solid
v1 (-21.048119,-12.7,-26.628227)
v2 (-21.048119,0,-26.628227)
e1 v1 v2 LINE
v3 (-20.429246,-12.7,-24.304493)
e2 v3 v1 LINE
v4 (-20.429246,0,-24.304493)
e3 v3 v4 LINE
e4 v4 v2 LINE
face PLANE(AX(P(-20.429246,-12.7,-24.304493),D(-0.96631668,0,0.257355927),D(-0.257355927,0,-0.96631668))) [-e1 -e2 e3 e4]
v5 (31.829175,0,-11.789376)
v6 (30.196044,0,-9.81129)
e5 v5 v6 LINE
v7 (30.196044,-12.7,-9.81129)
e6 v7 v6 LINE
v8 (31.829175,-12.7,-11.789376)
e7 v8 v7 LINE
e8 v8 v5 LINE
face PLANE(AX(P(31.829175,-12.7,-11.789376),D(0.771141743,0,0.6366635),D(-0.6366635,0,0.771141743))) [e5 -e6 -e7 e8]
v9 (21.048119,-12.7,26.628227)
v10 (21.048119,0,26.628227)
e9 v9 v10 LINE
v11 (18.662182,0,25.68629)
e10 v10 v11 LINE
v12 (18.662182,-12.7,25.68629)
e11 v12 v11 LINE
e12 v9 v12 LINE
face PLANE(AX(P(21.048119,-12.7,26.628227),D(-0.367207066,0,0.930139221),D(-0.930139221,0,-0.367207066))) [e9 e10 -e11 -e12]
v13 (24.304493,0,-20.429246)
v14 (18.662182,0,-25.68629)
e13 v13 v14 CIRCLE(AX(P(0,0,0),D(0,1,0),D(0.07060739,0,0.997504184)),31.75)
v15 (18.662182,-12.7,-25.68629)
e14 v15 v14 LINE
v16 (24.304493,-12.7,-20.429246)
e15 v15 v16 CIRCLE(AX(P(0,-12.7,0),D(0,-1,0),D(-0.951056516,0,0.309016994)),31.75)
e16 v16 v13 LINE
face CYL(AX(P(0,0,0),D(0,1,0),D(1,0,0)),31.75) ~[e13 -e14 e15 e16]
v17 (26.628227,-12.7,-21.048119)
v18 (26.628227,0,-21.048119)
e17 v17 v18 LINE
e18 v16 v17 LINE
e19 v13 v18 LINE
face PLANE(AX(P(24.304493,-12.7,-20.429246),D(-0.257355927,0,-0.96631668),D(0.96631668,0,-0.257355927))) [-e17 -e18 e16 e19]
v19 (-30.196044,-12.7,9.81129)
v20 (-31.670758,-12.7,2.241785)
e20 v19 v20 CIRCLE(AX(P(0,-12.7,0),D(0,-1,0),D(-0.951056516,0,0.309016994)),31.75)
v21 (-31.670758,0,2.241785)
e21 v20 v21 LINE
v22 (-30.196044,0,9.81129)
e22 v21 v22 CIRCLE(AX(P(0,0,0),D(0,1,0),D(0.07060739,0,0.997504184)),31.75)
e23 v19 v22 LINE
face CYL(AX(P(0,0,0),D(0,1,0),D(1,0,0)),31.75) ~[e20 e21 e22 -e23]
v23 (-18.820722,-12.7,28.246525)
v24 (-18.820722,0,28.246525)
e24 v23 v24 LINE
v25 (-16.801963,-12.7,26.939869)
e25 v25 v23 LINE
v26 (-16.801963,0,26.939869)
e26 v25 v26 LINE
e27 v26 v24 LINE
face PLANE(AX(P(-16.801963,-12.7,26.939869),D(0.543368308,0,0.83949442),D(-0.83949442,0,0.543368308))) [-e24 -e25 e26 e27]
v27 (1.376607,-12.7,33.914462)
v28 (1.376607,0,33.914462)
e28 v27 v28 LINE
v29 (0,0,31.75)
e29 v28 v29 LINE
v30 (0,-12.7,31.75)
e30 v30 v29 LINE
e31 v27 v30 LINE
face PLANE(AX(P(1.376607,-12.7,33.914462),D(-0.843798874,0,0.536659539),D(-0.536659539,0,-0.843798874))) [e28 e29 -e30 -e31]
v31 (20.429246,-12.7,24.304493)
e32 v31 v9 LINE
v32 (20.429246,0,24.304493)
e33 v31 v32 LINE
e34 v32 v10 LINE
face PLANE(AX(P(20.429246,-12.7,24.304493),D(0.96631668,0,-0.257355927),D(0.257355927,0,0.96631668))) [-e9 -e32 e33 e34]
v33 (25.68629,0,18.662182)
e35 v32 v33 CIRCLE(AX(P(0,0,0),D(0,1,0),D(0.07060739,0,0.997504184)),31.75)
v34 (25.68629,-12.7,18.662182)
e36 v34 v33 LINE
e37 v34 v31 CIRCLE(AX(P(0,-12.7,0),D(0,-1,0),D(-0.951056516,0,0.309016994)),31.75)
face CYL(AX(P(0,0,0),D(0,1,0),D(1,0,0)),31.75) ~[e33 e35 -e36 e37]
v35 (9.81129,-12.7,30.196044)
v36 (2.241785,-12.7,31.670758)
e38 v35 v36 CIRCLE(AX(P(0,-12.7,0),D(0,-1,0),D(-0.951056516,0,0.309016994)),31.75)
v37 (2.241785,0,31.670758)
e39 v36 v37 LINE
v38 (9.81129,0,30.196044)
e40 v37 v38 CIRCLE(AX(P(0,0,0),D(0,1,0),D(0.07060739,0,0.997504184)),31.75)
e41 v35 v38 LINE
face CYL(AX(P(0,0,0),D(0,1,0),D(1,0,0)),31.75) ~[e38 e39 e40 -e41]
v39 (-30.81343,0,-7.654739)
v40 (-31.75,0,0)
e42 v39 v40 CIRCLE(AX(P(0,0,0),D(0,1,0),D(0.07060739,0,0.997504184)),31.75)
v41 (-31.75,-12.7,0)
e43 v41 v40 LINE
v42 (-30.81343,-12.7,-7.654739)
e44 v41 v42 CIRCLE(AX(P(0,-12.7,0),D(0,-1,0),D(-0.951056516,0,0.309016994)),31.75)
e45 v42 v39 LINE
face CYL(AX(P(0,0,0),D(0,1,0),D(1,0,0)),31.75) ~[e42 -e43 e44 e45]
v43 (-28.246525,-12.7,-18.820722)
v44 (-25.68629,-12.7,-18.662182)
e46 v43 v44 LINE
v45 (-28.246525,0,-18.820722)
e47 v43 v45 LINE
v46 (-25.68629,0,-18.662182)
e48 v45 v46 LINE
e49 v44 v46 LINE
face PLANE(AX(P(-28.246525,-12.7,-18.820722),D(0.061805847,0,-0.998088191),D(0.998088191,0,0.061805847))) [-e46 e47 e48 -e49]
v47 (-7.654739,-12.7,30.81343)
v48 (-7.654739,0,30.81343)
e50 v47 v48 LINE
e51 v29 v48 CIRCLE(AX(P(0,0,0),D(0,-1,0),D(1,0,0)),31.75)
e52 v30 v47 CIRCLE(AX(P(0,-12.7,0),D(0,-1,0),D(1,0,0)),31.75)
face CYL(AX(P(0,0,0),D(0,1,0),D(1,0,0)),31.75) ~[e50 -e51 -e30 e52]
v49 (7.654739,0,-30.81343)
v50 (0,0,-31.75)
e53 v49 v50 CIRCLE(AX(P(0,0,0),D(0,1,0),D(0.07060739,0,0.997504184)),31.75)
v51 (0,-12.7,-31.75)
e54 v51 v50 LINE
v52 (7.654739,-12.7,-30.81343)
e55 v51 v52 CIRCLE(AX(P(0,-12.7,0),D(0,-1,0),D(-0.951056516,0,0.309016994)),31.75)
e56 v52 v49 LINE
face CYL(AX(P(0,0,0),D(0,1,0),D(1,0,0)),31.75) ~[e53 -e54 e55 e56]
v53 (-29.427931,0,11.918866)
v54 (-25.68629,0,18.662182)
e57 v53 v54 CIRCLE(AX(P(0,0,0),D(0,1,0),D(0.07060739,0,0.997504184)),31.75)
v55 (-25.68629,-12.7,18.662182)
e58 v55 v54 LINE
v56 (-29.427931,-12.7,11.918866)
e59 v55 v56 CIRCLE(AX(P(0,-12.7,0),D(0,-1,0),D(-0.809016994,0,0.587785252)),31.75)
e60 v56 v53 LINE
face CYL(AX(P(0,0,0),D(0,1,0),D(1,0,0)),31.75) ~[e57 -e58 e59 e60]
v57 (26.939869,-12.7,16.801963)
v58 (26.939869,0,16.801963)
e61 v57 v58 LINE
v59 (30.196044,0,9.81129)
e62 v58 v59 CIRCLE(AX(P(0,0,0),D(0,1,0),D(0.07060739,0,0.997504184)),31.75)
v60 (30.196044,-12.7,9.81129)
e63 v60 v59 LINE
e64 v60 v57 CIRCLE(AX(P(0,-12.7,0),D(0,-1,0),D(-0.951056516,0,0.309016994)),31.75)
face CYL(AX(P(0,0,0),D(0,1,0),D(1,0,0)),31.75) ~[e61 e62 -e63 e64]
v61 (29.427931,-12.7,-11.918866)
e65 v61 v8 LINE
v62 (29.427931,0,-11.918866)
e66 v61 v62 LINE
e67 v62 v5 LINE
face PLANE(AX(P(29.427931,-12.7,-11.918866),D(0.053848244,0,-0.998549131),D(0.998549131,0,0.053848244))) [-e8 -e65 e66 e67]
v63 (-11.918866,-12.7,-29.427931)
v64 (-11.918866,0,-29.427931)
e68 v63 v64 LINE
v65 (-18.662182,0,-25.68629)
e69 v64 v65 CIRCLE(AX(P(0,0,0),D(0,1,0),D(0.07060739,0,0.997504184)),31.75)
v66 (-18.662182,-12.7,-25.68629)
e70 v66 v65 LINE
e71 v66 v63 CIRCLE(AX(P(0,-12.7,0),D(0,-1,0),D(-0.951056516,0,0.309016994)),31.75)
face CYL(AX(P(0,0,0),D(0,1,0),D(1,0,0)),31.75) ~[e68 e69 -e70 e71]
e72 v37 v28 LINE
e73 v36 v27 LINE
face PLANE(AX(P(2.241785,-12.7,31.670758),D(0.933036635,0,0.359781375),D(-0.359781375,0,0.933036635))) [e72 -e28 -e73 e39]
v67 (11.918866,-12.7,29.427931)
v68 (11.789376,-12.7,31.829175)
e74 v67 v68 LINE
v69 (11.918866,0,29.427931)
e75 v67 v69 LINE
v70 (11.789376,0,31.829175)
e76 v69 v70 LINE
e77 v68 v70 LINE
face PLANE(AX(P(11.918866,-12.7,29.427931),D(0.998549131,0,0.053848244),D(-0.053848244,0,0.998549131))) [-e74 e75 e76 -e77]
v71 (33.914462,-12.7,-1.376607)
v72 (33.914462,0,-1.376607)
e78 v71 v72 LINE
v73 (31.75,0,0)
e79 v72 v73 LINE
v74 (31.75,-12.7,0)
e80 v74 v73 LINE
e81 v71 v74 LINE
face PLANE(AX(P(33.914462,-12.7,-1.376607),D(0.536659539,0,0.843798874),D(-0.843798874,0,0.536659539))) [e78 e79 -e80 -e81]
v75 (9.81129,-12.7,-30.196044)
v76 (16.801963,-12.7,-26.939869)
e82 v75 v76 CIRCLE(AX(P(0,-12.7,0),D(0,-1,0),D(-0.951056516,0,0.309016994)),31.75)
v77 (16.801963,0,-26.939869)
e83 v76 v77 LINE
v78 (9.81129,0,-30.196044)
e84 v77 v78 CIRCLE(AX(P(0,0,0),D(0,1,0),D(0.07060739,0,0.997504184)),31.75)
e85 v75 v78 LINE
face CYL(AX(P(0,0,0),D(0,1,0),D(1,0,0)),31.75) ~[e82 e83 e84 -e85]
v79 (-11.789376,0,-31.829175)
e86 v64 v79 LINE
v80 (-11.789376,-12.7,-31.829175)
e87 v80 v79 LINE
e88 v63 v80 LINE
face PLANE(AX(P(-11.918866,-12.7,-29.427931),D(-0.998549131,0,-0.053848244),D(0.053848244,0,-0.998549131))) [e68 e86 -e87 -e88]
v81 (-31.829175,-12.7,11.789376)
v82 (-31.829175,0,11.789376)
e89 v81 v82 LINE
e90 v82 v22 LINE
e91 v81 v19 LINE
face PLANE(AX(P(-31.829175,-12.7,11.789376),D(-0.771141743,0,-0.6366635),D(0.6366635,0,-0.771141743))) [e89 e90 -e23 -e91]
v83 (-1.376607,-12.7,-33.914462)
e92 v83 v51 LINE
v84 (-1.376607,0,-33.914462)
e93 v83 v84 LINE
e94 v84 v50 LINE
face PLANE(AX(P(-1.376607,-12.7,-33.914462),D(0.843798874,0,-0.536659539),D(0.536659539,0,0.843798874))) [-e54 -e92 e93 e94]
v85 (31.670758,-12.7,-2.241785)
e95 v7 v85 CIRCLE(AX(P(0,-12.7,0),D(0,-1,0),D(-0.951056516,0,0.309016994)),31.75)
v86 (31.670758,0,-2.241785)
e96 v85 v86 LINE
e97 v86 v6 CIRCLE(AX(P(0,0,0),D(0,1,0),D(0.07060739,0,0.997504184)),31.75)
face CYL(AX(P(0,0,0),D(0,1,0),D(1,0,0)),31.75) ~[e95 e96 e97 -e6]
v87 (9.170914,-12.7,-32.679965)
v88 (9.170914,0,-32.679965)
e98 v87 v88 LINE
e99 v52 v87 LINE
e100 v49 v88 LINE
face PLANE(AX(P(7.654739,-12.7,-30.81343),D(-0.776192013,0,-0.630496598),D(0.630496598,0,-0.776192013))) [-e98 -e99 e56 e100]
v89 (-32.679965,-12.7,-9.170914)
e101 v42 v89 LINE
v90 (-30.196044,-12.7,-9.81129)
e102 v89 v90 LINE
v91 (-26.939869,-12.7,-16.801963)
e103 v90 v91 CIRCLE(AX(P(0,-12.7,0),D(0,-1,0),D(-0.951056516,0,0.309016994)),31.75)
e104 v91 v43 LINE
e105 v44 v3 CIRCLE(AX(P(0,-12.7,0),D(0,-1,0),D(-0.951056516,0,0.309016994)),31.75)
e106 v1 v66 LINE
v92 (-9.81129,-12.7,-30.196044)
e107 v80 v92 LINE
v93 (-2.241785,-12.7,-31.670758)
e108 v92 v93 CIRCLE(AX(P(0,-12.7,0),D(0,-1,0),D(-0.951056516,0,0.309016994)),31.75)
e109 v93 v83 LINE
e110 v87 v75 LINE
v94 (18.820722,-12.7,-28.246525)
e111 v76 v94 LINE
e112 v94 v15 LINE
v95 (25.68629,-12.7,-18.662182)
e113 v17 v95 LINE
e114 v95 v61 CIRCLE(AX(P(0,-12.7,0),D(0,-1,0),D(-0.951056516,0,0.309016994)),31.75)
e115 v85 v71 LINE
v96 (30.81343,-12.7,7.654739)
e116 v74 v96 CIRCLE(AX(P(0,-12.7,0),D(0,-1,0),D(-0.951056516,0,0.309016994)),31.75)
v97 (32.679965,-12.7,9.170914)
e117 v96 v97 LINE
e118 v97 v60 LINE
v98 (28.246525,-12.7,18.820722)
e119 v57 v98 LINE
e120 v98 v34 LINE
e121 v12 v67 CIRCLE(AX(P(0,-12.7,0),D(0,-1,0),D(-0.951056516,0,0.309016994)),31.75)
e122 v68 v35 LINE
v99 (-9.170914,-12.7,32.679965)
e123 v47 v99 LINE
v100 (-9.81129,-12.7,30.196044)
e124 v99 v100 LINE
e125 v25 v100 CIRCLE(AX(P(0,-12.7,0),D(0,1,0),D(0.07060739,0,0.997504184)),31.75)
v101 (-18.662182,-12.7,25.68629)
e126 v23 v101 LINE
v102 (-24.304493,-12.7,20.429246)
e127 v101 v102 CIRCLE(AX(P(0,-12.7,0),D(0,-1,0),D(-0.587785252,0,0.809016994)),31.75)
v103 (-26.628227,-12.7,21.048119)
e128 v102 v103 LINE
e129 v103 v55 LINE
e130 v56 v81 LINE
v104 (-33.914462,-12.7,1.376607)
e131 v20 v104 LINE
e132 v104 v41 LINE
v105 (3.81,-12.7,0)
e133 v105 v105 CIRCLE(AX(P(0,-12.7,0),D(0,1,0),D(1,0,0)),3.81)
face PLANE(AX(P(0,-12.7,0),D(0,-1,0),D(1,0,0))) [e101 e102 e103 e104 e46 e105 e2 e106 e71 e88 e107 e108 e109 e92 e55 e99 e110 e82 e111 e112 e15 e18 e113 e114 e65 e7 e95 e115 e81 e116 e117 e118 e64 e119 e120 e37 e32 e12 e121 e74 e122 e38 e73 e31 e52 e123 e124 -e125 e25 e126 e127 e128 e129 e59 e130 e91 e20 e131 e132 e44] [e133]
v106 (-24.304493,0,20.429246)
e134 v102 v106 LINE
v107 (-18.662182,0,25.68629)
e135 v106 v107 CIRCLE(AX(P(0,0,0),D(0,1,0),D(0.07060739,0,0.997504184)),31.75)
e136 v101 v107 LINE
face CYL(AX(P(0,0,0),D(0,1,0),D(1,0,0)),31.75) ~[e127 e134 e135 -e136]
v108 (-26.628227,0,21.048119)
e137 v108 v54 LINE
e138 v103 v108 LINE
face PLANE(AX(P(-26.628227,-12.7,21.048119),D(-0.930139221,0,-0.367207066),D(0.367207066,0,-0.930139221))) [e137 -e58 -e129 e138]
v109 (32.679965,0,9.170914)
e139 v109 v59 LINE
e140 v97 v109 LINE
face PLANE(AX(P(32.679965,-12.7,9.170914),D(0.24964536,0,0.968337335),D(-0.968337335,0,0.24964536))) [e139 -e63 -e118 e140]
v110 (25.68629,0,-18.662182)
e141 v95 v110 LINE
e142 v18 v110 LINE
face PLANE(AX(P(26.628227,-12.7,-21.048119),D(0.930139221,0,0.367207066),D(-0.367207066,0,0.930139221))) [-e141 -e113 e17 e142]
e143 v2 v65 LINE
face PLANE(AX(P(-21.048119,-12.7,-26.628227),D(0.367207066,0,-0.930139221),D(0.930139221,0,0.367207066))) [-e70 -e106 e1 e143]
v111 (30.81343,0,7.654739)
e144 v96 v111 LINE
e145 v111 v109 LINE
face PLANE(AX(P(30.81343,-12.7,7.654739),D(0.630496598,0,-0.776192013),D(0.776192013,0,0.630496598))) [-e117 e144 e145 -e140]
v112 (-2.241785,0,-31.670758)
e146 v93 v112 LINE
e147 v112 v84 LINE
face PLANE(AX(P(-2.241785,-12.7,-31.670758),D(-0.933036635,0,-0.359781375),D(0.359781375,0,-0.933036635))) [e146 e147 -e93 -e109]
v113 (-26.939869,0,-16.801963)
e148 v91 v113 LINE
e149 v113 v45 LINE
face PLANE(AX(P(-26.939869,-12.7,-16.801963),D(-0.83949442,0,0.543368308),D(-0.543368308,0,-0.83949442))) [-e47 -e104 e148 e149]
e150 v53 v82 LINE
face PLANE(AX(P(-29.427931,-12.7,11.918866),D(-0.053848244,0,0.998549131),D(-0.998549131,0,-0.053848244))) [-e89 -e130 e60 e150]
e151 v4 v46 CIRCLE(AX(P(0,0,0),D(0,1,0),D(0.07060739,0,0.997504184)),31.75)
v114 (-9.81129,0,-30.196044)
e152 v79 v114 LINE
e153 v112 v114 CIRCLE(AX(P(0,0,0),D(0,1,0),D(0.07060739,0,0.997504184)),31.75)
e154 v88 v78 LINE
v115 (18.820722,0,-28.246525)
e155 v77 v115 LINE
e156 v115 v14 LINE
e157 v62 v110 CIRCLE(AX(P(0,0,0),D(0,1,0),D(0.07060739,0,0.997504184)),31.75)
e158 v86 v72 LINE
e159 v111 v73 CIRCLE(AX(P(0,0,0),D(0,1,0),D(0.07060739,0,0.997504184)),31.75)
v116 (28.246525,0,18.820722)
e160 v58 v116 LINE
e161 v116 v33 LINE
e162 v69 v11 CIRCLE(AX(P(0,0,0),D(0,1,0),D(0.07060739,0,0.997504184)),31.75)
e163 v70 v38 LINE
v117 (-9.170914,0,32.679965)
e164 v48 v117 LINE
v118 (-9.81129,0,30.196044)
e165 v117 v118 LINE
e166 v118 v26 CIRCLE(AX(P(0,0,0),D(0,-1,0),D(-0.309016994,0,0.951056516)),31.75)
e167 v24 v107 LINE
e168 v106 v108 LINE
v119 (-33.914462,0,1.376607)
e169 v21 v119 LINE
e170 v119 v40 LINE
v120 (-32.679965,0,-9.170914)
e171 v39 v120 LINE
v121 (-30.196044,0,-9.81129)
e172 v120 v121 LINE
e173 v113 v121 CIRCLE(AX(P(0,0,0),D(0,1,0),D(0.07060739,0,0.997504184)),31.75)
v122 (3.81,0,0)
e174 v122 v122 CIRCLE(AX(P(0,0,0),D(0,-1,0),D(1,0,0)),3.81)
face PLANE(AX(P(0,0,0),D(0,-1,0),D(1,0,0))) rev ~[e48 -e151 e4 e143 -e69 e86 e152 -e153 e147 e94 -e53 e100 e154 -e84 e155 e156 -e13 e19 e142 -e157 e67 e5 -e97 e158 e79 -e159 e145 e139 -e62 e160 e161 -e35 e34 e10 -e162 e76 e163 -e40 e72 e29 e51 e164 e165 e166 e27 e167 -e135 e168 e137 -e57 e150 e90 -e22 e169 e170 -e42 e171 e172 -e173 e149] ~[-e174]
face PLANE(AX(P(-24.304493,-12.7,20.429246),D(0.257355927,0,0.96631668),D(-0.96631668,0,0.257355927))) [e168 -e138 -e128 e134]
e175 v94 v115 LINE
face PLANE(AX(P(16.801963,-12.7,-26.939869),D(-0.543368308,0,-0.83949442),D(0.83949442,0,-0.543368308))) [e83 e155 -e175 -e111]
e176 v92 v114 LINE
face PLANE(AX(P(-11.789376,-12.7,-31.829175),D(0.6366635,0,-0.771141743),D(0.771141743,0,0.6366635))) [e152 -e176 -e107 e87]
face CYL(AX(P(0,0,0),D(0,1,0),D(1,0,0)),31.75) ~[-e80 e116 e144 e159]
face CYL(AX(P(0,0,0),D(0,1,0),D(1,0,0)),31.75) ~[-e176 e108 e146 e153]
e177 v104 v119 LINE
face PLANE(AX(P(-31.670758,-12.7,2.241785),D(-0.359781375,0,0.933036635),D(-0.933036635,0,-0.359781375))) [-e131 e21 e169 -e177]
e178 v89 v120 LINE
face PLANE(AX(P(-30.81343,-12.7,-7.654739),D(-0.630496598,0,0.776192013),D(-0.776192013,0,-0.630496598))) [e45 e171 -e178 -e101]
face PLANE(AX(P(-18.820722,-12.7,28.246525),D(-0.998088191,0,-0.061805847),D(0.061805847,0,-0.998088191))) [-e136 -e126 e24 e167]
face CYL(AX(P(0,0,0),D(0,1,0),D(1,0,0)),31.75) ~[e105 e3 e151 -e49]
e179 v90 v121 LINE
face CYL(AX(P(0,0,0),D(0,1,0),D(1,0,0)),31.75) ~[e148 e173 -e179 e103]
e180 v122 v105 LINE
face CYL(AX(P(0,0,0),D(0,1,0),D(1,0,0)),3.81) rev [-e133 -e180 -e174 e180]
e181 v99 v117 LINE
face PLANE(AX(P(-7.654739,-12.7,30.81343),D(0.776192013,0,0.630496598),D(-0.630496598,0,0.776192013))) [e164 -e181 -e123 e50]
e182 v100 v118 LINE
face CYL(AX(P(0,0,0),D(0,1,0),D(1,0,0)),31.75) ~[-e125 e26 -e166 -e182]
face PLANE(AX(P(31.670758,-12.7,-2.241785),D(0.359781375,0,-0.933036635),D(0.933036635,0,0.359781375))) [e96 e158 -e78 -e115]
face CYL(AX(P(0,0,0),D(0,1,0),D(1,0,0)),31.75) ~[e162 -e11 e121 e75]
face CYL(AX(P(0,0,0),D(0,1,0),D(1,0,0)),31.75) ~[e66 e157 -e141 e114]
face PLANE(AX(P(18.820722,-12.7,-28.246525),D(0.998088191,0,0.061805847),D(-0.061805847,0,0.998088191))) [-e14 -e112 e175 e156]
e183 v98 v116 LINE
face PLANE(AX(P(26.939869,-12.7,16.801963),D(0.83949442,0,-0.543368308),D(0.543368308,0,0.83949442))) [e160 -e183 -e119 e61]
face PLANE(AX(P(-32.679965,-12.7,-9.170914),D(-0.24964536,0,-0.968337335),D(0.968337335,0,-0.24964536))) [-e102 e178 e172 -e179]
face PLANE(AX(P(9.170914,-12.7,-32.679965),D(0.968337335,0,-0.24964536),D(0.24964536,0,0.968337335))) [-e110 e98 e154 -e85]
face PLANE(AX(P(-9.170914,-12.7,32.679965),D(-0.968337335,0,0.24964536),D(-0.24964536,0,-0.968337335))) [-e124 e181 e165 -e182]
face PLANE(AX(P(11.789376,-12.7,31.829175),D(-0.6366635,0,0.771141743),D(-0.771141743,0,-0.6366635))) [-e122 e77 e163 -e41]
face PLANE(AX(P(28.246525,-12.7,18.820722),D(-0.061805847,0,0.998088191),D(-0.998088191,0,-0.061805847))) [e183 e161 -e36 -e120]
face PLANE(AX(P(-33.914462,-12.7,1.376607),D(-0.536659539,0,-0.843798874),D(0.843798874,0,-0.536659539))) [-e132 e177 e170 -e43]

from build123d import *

# Parameters (mm, degrees)
F0_R     = 31.75
F0_R_2   = 3.81
F1_DEPTH = 12.7
F4_DEPTH = 12.7
F5_COUNT = 20


with BuildPart() as f1:
    # F0 (on Front) → F1 (new body)
    with BuildSketch(Plane.XZ):
        Circle(F0_R)
        Circle(F0_R_2, mode=Mode.SUBTRACT)
    extrude(amount=F1_DEPTH)

    # F2 (on face) → F4 (join, through all)
    with BuildSketch(Plane.XZ.offset(12.7)):
        with BuildLine():
            Line((1.376606524, 33.9144617319), (0, 31.75))
            ThreePointArc((0, 31.75), (1.1215923583, 31.7301832737), (2.2417846354, 31.6707578319))
            Line((2.2417846354, 31.6707578319), (1.376606524, 33.9144617319))
        make_face()
    extrude(amount=-F4_DEPTH)

    # F5: F1 ×20 about axis
    f5_axis = Axis((0, -7.9411361367, 0), (0, -1, 0))


with BuildPart() as f1_1:
    add(f1.part)
    for i in range(1, F5_COUNT):
        add(f1.part.rotate(f5_axis, i * 360 / F5_COUNT))


solid = f1_1.part
